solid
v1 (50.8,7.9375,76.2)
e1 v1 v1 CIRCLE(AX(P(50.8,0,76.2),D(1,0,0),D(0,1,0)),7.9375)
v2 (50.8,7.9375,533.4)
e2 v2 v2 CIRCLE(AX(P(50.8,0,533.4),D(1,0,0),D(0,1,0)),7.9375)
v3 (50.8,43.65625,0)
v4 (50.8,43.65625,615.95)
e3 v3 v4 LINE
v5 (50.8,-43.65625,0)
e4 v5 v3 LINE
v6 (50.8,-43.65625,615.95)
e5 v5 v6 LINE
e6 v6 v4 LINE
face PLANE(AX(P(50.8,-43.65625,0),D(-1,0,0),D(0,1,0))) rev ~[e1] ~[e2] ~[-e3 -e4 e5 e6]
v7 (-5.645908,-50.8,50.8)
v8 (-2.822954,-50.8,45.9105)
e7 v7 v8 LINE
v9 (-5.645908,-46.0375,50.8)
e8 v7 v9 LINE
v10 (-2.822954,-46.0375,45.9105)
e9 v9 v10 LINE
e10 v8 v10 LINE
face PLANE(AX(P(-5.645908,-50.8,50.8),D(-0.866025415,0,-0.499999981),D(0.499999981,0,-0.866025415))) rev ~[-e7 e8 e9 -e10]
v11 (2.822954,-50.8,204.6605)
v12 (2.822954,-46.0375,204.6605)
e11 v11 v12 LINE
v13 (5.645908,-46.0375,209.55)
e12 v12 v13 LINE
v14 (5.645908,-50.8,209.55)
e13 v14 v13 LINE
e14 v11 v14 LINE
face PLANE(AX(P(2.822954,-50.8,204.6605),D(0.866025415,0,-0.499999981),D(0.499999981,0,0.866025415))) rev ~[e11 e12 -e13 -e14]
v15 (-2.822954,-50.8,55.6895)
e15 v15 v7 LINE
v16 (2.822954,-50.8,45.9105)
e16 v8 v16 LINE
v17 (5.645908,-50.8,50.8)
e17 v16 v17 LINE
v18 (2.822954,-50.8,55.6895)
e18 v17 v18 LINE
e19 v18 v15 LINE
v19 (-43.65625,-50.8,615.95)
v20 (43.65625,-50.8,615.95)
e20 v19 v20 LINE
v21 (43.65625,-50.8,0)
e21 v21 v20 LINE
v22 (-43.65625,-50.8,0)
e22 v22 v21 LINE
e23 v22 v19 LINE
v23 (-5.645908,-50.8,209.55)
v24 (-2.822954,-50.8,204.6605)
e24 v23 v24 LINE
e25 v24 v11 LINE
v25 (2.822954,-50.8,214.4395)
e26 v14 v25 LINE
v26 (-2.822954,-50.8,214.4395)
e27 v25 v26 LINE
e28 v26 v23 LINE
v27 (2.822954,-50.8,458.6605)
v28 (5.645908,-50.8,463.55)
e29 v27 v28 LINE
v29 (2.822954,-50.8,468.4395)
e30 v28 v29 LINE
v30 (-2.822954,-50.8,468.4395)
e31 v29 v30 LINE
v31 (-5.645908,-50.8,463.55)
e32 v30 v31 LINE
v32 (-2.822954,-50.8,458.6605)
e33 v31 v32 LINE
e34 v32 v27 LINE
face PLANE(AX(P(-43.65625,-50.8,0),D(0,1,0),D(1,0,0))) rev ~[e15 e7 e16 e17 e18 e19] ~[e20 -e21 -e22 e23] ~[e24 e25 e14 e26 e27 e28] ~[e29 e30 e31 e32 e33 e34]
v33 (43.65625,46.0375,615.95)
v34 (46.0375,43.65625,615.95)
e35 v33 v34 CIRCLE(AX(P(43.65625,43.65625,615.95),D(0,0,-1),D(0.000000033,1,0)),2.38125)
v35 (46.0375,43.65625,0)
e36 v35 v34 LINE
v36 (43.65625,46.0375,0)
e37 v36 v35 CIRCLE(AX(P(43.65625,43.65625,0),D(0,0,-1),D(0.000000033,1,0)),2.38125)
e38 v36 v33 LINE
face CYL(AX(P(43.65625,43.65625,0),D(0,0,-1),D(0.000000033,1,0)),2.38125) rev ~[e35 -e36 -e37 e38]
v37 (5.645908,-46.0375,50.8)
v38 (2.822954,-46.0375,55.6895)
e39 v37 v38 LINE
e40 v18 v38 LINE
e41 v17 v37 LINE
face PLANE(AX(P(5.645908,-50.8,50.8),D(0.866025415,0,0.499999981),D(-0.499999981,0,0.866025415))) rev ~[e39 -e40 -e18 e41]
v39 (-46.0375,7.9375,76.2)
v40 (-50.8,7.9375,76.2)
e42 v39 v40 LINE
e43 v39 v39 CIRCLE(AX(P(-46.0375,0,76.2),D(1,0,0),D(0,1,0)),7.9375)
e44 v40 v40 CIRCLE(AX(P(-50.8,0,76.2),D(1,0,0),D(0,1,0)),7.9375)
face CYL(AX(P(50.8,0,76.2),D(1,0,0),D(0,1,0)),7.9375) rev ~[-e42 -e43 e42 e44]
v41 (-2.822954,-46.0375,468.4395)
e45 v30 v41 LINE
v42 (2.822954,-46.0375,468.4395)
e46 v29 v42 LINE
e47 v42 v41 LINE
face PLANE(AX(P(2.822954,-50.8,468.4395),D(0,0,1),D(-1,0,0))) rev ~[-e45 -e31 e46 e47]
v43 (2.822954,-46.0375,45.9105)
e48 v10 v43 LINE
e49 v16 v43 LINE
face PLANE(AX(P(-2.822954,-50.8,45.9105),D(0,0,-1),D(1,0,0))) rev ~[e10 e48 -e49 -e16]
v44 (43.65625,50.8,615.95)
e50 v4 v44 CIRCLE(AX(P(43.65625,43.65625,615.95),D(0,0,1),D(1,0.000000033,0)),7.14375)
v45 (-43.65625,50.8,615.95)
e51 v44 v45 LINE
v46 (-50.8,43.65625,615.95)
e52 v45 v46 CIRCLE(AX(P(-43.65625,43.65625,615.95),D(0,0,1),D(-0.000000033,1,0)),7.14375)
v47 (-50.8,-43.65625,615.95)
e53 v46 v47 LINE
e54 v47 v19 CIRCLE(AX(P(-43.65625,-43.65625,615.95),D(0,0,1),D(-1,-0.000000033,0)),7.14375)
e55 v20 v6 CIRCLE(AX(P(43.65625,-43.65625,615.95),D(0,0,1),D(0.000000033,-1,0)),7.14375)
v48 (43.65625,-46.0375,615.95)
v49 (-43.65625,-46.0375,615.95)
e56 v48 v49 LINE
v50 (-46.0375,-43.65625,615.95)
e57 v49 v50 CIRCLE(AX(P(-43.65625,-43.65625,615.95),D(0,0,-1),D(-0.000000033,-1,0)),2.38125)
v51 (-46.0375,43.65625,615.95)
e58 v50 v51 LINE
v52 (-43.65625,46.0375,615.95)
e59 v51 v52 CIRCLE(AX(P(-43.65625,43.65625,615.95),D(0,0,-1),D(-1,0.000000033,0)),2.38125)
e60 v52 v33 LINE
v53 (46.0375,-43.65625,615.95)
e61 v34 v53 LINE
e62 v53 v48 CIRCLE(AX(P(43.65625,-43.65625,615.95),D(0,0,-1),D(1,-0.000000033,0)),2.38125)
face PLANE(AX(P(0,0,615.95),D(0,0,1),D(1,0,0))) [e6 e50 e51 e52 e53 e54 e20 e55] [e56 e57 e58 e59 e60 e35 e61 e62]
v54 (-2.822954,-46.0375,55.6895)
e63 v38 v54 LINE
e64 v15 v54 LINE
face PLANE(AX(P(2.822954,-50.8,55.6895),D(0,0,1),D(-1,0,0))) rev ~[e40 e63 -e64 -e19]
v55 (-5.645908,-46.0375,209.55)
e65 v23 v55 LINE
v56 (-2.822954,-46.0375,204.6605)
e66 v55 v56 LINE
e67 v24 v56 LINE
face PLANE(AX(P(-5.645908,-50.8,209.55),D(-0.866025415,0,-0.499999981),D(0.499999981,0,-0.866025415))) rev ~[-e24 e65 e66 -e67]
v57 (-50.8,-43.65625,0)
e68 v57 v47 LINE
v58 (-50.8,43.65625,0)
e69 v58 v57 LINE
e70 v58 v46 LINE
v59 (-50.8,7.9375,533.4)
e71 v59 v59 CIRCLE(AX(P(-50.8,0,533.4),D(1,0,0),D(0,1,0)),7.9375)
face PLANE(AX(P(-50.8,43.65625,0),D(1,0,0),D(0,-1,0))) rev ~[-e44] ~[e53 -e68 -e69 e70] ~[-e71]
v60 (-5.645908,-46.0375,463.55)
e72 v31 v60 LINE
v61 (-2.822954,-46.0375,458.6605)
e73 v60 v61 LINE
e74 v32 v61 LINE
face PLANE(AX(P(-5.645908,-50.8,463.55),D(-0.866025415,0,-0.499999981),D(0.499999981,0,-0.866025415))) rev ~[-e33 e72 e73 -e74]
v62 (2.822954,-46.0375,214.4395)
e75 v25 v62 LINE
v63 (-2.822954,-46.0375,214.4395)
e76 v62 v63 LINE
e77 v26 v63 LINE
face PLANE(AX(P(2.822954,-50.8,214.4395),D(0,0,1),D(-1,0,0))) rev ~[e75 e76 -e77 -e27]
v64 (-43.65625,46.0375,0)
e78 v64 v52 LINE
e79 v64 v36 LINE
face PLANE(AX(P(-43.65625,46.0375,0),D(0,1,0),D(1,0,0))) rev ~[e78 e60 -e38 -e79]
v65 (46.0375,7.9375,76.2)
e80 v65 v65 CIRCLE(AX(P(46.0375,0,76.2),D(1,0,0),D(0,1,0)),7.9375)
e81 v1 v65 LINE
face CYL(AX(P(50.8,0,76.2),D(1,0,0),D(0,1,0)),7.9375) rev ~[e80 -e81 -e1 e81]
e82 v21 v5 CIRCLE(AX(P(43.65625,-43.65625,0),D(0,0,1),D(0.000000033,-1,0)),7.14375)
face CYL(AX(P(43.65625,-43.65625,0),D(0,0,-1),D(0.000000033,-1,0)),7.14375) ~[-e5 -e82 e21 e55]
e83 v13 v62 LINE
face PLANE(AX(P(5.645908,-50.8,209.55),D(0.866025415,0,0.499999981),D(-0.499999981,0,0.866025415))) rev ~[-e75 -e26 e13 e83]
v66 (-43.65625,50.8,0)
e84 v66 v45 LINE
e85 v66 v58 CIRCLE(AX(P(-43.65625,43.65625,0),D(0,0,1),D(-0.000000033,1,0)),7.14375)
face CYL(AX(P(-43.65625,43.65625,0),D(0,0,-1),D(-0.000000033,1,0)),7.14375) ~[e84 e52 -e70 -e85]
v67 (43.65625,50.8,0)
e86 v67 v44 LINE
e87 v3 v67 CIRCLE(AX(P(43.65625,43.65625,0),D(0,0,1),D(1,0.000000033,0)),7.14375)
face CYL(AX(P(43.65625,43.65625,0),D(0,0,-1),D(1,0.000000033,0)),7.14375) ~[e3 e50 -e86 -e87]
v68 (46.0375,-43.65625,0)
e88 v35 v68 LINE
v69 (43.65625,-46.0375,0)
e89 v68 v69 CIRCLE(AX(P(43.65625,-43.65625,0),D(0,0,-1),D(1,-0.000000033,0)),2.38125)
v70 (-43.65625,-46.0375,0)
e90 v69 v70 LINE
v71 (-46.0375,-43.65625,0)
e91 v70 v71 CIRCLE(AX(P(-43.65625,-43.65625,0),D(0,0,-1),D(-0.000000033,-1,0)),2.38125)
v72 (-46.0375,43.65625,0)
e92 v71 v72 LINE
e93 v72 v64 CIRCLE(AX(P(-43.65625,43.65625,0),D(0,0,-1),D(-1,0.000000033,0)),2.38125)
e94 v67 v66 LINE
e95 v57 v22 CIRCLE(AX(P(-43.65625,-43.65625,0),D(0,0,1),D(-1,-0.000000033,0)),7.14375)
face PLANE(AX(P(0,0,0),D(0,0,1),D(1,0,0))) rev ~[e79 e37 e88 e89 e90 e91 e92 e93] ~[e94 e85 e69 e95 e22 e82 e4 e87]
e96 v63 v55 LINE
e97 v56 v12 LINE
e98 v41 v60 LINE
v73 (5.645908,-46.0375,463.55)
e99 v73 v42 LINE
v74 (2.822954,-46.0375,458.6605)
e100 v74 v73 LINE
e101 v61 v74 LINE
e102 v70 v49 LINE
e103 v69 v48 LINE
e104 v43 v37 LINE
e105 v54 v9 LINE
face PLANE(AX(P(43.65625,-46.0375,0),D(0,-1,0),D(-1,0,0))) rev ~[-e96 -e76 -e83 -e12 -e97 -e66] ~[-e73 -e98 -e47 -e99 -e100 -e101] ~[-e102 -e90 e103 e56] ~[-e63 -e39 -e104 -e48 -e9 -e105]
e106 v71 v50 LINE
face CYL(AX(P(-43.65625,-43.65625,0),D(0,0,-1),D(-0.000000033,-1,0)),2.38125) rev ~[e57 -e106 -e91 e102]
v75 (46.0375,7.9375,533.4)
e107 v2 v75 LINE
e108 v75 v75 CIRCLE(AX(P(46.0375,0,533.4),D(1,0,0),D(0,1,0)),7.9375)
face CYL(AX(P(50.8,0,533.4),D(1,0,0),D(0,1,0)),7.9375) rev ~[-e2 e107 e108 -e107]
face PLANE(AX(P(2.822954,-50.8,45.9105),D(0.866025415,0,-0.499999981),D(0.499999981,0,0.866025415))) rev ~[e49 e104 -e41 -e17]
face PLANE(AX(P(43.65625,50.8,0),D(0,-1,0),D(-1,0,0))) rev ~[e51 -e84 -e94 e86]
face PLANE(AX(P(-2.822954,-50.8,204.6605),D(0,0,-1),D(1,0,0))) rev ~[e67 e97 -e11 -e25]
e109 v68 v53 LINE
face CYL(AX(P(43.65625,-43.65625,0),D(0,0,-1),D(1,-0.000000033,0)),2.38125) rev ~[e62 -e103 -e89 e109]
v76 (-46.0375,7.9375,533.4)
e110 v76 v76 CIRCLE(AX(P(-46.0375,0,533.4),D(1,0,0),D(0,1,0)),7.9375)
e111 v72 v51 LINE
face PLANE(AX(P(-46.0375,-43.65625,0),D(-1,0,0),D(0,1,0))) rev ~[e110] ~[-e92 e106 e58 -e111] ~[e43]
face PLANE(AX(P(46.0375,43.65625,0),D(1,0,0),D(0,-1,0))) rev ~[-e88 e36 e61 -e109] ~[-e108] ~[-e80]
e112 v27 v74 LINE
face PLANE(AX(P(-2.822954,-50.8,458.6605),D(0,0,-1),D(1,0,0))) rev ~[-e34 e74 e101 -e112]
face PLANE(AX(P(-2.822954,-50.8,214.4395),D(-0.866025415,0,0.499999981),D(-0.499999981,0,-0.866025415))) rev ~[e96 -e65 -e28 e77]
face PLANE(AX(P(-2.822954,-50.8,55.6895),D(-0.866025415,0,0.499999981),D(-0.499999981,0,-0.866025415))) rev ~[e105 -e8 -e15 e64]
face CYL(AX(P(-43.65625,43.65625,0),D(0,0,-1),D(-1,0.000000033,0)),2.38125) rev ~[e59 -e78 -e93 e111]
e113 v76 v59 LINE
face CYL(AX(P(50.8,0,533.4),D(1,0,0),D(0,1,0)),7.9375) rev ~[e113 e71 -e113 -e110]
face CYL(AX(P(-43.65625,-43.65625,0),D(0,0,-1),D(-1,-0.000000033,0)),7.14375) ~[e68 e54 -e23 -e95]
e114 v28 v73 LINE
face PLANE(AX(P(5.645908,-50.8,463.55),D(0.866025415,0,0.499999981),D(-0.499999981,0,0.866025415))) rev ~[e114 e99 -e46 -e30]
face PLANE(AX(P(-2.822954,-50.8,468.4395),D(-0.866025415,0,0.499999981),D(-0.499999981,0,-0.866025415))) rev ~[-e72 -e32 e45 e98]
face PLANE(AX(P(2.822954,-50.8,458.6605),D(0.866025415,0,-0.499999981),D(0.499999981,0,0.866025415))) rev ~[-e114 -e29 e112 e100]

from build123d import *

# Parameters (mm, degrees)
F1_DEPTH = 615.95
F3_DEPTH = 25.4
F4_R     = 7.9375
F5_DEPTH = 101.601


with BuildPart() as f1:
    # F0 (on Top) → F1 (new body)
    with BuildSketch(Plane.XY):
        with BuildLine():
            Line((43.65625, 50.8), (-43.65625, 50.8))
            ThreePointArc((-43.65625, 50.8), (-48.707644, 48.707644), (-50.8, 43.65625))
            Line((-50.8, 43.65625), (-50.8, -43.65625))
            ThreePointArc((-50.8, -43.65625), (-48.707644, -48.707644), (-43.65625, -50.8))
            Line((-43.65625, -50.8), (43.65625, -50.8))
            ThreePointArc((43.65625, -50.8), (48.707644, -48.707644), (50.8, -43.65625))
            Line((50.8, -43.65625), (50.8, 43.65625))
            ThreePointArc((50.8, 43.65625), (48.707644, 48.707644), (43.65625, 50.8))
        make_face()
        with BuildLine():
            Line((43.65625, -46.0375), (-43.65625, -46.0375))
            ThreePointArc((-43.65625, -46.0375), (-45.340048, -45.340048), (-46.0375, -43.65625))
            Line((-46.0375, -43.65625), (-46.0375, 43.65625))
            ThreePointArc((-46.0375, 43.65625), (-45.340048, 45.340048), (-43.65625, 46.0375))
            Line((-43.65625, 46.0375), (43.65625, 46.0375))
            ThreePointArc((43.65625, 46.0375), (45.340048, 45.340048), (46.0375, 43.65625))
            Line((46.0375, 43.65625), (46.0375, -43.65625))
            ThreePointArc((46.0375, -43.65625), (45.340048, -45.340048), (43.65625, -46.0375))
        make_face(mode=Mode.SUBTRACT)
    extrude(amount=F1_DEPTH)

    # F2 (on face) → F3 (cut)
    with BuildSketch(Plane.XZ.offset(50.8)):
        Polygon((-2.822954, 45.9105), (2.822954, 45.9105), (5.645908, 50.8), (2.822954, 55.6895), (-2.822954, 55.6895), (-5.645908, 50.8), align=None)
        Polygon((-2.822954, 204.6605), (2.822954, 204.6605), (5.645908, 209.55), (2.822954, 214.4395), (-2.822954, 214.4395), (-5.645908, 209.55), align=None)
        Polygon((-2.822954, 458.6605), (2.822954, 458.6605), (5.645908, 463.55), (2.822954, 468.4395), (-2.822954, 468.4395), (-5.645908, 463.55), align=None)
    extrude(amount=-F3_DEPTH, mode=Mode.SUBTRACT)

    # F4 (on face) → F5 (cut, through all)
    with BuildSketch(Plane.YZ.offset(50.8)):
        with Locations((0, 76.2)):
            Circle(F4_R)
        with Locations((0, 533.4)):
            Circle(F4_R)
    extrude(amount=-F5_DEPTH, mode=Mode.SUBTRACT)


solid = f1.part
